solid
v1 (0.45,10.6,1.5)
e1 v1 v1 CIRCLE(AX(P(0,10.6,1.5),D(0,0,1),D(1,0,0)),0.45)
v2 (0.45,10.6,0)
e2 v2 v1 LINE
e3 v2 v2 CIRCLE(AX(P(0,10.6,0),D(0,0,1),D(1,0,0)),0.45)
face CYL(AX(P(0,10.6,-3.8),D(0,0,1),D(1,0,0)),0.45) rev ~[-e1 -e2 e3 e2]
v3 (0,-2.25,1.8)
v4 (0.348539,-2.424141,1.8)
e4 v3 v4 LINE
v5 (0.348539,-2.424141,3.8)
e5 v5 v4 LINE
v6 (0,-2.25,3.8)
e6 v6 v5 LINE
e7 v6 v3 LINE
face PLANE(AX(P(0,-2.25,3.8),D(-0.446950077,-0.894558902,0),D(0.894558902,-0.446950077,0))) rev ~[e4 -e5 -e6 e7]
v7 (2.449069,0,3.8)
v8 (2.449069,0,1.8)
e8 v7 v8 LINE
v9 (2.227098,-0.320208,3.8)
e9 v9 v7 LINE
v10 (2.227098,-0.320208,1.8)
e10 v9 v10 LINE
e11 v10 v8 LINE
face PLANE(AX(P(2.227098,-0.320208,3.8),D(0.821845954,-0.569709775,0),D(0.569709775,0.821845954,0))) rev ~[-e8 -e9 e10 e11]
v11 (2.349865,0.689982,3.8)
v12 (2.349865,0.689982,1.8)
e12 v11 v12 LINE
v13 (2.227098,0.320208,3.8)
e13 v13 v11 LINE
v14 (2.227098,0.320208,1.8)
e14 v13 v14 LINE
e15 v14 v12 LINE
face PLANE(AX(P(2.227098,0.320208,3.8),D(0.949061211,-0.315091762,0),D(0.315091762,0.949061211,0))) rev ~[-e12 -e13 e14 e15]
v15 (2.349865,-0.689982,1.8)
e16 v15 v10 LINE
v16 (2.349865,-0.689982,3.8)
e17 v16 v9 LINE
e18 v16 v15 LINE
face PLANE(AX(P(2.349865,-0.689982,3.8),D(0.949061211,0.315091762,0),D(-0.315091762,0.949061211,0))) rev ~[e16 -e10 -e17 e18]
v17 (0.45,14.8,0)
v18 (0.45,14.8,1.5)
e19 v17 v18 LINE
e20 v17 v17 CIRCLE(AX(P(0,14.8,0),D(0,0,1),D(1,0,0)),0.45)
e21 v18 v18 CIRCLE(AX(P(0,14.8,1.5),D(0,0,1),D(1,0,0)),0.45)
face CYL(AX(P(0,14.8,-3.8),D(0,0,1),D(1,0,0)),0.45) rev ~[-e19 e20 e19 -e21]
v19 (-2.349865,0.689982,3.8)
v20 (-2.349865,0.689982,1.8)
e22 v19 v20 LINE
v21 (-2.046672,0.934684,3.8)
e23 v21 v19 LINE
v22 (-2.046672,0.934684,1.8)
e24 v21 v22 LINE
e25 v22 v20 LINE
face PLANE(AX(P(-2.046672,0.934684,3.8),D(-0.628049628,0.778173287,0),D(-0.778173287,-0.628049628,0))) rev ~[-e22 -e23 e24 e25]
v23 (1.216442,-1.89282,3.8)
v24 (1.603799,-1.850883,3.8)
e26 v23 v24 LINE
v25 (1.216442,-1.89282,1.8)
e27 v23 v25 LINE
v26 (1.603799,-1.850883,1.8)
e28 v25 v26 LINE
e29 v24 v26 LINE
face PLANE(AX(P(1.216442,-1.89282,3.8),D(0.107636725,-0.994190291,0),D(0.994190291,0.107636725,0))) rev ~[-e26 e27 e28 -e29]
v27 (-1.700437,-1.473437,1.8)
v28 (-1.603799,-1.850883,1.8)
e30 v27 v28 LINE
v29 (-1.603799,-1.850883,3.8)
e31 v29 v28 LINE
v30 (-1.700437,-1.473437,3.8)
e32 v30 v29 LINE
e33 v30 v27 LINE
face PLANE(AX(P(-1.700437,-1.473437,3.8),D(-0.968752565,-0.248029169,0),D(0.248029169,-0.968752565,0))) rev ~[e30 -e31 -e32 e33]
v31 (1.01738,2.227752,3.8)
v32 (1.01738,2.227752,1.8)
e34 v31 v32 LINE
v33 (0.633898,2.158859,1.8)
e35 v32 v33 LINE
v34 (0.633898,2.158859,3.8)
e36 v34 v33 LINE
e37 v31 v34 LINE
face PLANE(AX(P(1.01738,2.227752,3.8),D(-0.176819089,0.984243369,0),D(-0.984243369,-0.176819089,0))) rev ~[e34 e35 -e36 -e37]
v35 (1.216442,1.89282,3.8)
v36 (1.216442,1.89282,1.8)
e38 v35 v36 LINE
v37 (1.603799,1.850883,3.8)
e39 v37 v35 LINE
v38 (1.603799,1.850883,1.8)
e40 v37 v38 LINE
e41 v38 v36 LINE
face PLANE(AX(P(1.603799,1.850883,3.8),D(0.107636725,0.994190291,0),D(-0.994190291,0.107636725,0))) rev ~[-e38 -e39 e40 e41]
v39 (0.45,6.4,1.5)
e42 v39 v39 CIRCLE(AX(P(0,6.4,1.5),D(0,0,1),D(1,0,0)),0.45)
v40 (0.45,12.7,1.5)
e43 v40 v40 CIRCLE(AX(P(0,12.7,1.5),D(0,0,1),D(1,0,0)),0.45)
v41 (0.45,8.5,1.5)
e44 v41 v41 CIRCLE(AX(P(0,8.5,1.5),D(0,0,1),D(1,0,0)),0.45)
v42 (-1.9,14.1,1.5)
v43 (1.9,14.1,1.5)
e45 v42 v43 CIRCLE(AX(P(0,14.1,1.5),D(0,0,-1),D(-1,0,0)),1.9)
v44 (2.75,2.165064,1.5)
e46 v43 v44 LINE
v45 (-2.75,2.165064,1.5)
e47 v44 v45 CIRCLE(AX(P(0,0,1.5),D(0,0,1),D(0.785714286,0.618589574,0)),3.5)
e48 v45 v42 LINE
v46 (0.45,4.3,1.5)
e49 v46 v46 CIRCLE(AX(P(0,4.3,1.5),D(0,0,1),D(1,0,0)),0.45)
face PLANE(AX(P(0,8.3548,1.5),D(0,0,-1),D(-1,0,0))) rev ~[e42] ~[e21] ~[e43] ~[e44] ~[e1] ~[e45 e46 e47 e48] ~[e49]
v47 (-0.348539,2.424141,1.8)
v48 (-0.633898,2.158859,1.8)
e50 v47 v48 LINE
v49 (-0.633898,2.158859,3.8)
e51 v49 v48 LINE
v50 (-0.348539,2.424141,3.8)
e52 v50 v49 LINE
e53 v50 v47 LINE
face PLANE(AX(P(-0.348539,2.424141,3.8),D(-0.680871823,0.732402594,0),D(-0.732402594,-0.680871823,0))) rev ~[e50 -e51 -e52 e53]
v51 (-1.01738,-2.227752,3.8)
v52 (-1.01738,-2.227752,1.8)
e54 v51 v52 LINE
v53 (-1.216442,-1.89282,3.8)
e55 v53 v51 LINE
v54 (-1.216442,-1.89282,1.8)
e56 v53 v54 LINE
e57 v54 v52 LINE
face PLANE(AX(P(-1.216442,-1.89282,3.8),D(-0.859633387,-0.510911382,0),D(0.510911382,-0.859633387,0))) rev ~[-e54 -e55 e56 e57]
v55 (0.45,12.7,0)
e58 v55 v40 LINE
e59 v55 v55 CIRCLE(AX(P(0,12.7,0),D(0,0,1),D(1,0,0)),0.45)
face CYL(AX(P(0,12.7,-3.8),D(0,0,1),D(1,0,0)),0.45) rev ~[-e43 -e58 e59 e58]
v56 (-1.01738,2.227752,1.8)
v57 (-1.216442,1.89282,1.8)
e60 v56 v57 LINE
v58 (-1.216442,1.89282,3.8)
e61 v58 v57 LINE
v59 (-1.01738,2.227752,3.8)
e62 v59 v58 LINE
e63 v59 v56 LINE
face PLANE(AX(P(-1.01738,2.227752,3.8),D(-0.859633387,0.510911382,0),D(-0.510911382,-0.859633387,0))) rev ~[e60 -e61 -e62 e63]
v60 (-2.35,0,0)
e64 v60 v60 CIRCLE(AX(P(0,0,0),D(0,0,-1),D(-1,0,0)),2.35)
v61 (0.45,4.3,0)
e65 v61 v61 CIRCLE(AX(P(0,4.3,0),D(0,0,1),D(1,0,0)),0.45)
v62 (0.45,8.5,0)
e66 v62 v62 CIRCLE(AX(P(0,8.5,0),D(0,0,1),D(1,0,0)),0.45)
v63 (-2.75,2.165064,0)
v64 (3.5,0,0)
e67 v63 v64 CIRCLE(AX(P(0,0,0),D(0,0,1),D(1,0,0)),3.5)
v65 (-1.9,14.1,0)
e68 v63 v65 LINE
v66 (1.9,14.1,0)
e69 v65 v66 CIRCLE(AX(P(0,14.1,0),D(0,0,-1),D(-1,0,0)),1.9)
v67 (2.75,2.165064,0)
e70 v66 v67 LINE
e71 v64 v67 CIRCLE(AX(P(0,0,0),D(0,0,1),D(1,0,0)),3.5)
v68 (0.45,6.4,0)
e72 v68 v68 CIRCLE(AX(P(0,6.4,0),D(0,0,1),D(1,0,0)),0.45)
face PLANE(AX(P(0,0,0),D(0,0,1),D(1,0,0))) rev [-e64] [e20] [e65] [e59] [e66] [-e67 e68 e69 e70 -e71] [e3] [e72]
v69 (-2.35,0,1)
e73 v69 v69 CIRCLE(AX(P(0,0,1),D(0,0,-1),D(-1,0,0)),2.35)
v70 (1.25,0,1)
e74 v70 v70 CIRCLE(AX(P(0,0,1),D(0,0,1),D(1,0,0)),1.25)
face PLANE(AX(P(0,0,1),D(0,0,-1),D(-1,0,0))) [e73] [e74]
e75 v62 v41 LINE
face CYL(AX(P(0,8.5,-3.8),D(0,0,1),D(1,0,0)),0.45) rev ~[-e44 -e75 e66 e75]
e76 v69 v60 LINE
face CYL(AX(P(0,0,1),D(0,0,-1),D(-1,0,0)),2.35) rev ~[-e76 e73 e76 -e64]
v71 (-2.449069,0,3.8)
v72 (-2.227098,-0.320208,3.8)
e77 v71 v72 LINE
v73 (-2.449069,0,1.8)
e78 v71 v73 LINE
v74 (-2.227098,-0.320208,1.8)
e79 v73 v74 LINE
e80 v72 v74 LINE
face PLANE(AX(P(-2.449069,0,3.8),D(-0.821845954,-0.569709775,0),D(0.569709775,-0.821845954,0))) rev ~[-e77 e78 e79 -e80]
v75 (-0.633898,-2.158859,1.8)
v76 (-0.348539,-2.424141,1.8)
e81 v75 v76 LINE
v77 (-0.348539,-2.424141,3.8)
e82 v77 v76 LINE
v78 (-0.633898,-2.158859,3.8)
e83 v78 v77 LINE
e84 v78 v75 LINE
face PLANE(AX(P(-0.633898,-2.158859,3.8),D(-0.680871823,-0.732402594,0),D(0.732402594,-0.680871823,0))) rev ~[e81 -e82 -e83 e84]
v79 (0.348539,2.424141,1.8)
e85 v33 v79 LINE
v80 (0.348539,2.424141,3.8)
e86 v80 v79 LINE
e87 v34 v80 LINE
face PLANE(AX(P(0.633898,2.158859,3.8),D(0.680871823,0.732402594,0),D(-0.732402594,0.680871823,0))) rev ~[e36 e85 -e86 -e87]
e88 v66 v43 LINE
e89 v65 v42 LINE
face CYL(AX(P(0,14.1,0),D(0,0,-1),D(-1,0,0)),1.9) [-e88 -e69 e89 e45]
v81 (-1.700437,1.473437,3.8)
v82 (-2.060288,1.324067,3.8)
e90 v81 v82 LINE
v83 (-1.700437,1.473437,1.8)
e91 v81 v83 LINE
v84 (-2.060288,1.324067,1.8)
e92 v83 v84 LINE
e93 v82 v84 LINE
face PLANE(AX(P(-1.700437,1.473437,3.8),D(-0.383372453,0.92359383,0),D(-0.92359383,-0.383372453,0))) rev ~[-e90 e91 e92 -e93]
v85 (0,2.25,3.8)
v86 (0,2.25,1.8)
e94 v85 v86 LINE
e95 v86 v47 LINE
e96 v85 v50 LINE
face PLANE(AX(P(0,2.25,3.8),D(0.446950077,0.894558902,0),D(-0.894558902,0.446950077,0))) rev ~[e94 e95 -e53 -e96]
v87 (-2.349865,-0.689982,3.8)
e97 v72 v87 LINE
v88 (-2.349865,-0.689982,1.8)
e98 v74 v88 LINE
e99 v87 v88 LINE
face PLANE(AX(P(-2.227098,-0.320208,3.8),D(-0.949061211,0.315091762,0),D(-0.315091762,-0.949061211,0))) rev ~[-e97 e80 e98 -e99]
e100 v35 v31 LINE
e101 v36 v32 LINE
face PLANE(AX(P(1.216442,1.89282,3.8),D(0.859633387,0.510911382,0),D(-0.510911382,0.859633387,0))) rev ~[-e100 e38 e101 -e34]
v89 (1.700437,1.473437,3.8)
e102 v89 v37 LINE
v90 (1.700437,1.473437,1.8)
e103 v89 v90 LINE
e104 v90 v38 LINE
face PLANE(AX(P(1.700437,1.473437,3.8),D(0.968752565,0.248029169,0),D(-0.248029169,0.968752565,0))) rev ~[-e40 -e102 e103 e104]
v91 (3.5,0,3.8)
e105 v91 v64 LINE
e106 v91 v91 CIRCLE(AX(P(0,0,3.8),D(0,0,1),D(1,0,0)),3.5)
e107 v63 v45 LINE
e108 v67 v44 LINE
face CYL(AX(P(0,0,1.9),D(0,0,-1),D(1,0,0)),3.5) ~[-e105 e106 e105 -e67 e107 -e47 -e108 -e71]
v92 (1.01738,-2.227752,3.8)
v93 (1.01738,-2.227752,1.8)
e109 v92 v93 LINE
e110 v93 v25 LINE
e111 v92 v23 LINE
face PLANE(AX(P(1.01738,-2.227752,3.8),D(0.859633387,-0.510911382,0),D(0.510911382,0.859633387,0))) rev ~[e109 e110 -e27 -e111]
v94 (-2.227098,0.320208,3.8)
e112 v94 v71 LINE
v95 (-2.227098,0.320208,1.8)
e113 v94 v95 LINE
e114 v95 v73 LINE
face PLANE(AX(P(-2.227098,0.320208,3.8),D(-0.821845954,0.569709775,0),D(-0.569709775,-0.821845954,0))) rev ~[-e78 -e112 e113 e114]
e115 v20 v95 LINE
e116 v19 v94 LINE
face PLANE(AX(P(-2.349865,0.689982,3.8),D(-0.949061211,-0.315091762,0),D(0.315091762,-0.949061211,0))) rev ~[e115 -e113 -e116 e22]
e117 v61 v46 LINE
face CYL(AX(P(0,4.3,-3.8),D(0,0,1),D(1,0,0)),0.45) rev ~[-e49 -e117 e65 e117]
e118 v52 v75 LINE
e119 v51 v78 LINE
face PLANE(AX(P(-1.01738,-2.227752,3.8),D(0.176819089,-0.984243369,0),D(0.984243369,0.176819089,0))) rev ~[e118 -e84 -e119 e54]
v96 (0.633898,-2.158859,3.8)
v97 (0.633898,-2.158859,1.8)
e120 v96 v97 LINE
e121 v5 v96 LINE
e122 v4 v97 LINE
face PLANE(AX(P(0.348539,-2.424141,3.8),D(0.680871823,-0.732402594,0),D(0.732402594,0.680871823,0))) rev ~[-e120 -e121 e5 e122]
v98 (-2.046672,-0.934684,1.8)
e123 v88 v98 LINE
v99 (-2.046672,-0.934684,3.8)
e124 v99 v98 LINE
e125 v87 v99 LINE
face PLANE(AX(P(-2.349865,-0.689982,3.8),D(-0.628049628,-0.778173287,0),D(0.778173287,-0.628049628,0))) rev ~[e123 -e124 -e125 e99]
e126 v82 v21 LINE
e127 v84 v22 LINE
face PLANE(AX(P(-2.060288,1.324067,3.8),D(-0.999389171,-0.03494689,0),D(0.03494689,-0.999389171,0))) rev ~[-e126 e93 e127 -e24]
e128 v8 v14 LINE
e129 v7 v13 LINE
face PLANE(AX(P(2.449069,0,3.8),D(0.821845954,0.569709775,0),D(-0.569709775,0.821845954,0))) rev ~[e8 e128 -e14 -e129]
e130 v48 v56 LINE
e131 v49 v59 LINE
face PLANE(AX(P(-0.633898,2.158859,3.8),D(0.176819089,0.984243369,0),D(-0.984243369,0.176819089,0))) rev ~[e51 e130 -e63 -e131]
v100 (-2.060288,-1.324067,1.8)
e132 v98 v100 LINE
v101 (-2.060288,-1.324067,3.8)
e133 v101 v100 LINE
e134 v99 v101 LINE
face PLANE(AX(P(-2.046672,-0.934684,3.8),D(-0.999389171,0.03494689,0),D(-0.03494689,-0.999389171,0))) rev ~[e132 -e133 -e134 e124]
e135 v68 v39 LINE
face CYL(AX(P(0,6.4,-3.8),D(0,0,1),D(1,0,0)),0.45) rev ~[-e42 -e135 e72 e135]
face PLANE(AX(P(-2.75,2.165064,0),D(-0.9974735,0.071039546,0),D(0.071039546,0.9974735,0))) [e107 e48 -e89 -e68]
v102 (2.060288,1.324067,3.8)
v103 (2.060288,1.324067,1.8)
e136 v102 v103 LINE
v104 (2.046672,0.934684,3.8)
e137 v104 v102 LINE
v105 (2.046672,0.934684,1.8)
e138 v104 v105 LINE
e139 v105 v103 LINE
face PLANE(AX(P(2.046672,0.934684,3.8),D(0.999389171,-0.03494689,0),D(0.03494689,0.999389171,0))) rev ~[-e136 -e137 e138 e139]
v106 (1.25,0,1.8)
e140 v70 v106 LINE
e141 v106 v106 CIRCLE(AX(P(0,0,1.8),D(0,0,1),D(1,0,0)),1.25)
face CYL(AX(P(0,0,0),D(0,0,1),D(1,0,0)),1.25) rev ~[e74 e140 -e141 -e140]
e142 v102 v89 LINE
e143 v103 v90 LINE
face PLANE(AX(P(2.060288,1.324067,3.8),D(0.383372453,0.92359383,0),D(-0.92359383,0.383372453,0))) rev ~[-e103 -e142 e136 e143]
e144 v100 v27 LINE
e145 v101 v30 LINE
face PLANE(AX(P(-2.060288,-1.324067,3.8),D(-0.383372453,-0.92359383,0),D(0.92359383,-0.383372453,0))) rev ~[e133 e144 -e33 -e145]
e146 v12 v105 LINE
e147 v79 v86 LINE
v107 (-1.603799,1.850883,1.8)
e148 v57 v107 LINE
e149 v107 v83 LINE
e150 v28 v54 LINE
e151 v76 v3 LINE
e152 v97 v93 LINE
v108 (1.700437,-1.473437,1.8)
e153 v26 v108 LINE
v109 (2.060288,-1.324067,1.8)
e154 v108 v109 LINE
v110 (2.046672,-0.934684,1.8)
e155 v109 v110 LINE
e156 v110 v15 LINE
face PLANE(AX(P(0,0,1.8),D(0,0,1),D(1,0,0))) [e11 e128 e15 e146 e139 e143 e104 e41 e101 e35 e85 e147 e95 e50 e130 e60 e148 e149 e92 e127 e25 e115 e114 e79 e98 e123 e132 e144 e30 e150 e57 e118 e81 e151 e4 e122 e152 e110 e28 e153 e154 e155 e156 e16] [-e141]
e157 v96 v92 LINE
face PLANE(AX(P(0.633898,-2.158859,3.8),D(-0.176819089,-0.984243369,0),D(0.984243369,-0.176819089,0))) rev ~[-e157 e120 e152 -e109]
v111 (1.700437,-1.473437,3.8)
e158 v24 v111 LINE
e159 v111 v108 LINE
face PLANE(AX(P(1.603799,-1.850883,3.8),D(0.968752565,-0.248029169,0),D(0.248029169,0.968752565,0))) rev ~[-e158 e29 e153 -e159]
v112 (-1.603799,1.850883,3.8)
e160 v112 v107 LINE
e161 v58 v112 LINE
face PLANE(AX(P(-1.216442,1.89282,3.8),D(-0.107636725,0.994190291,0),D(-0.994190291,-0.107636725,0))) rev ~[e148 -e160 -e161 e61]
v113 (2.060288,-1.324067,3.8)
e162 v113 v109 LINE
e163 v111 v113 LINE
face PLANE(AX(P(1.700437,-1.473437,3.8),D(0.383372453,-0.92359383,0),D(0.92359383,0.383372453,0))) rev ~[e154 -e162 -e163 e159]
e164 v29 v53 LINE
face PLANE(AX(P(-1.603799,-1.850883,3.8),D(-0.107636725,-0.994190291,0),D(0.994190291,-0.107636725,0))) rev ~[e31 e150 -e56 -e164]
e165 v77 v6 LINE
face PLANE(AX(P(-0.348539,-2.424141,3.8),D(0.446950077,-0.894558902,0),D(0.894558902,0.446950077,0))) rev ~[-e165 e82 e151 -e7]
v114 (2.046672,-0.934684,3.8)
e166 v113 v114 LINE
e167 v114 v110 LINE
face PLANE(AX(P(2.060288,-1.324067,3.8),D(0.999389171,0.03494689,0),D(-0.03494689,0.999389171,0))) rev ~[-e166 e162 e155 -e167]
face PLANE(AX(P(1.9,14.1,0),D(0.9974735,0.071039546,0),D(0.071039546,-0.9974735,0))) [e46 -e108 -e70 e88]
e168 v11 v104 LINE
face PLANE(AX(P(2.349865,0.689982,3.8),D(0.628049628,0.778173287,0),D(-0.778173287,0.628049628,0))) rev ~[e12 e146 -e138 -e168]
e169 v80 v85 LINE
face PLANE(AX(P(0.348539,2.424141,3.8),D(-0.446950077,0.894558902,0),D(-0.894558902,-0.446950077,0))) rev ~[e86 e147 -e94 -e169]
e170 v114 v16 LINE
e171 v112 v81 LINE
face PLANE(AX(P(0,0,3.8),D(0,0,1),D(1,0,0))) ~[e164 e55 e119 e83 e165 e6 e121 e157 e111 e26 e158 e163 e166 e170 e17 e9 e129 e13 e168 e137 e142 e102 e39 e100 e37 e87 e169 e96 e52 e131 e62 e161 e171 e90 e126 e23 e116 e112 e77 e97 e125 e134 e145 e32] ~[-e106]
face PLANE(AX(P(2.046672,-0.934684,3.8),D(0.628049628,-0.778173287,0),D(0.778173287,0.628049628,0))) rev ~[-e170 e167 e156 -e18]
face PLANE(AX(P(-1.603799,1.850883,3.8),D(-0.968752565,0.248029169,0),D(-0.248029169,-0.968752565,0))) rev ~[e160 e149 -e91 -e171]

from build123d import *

# Parameters (mm, degrees)
SKETCH1_W                                        = 3.5
SKETCH1_H                                        = 3.8
BOSS_EXTRUDE1_DEPTH                              = 1.5
CUT_EXTRUDE1_DEPTH                               = 2
F_0_9_0_9_DIAMETER_HOLE1_D                       = 0.9
F_0_9_0_9_DIAMETER_HOLE1_DEPTH                   = 3.8
CBORE_FOR_M2_HEX_HEAD_MACHINE_SCREW1_D           = 2.5
CBORE_FOR_M2_HEX_HEAD_MACHINE_SCREW1_DEPTH       = 3.8
CBORE_FOR_M2_HEX_HEAD_MACHINE_SCREW1_CBORE_D     = 4.7
CBORE_FOR_M2_HEX_HEAD_MACHINE_SCREW1_CBORE_DEPTH = 1


with BuildPart() as part:
    # Sketch1 → Revolve1 (revolve)
    with BuildSketch(Plane(origin=(0, 0, 0), x_dir=(1, 0, 0), z_dir=(0, 1, 0))):
        with Locations((1.75, -1.9)):
            Rectangle(SKETCH1_W, SKETCH1_H)
    revolve(axis=Axis((0, 0, 0), (0, 0, 1)))

    # Sketch2 → Boss-Extrude1 (add)
    with BuildSketch(Plane(origin=(0, 0, 0), x_dir=(-1, 0, 0), z_dir=(0, 0, -1))):
        with BuildLine():
            Line((-1.9, 14.1), (-2.75, 2.165063509))
            ThreePointArc((-2.75, 2.165063509), (0, 3.5), (2.75, 2.165063509))
            Line((2.75, 2.165063509), (1.9, 14.1))
            ThreePointArc((1.9, 14.1), (0, 16), (-1.9, 14.1))
        make_face()
    extrude(amount=-BOSS_EXTRUDE1_DEPTH)

    # Sketch3 → Cut-Extrude1 (cut)
    with BuildSketch(Plane.XY.offset(3.8)):
        Polygon((2.06028803, 1.324066719), (1.700436542, 1.473436651), (1.603799186, 1.850882928), (1.216441839, 1.892820449), (1.017380071, 2.227751609), (0.633898253, 2.158859191), (0.348538872, 2.424141105), (0, 2.25), (-0.348538872, 2.424141105), (-0.633898253, 2.158859191), (-1.017380071, 2.227751609), (-1.216441839, 1.892820449), (-1.603799186, 1.850882928), (-1.700436542, 1.473436651), (-2.06028803, 1.324066719), (-2.04667199, 0.934683779), (-2.34986459, 0.689982499), (-2.227098244, 0.320208386), (-2.449069097, 0), (-2.227098244, -0.320208386), (-2.34986459, -0.689982499), (-2.04667199, -0.934683779), (-2.06028803, -1.324066719), (-1.700436542, -1.473436651), (-1.603799186, -1.850882928), (-1.216441839, -1.892820449), (-1.017380071, -2.227751609), (-0.633898253, -2.158859191), (-0.348538872, -2.424141105), (0, -2.25), (0.348538872, -2.424141105), (0.633898253, -2.158859191), (1.017380071, -2.227751609), (1.216441839, -1.892820449), (1.603799186, -1.850882928), (1.700436542, -1.473436651), (2.06028803, -1.324066719), (2.04667199, -0.934683779), (2.34986459, -0.689982499), (2.227098244, -0.320208386), (2.449069097, 0), (2.227098244, 0.320208386), (2.34986459, 0.689982499), (2.04667199, 0.934683779), align=None)
    extrude(amount=-CUT_EXTRUDE1_DEPTH, mode=Mode.SUBTRACT)

    # Ø0.9 (0.9) Diameter Hole1
    with Locations(Plane(origin=(0, 0, 0), x_dir=(-1, 0, 0), z_dir=(0, 0, -1))):
        with Locations((0, 10.6), (0, 12.7), (0, 14.8), (0, 6.4), (0, 8.5), (0, 4.3)):
            Hole(F_0_9_0_9_DIAMETER_HOLE1_D / 2, depth=F_0_9_0_9_DIAMETER_HOLE1_DEPTH)

    # CBORE for M2 Hex Head Machine Screw1
    with Locations(Plane(origin=(0, 0, 0), x_dir=(-1, 0, 0), z_dir=(0, 0, -1))):
        with Locations((0, 0)):
            CounterBoreHole(CBORE_FOR_M2_HEX_HEAD_MACHINE_SCREW1_D / 2, CBORE_FOR_M2_HEX_HEAD_MACHINE_SCREW1_CBORE_D / 2, CBORE_FOR_M2_HEX_HEAD_MACHINE_SCREW1_CBORE_DEPTH, depth=CBORE_FOR_M2_HEX_HEAD_MACHINE_SCREW1_DEPTH)


solid = part.part
